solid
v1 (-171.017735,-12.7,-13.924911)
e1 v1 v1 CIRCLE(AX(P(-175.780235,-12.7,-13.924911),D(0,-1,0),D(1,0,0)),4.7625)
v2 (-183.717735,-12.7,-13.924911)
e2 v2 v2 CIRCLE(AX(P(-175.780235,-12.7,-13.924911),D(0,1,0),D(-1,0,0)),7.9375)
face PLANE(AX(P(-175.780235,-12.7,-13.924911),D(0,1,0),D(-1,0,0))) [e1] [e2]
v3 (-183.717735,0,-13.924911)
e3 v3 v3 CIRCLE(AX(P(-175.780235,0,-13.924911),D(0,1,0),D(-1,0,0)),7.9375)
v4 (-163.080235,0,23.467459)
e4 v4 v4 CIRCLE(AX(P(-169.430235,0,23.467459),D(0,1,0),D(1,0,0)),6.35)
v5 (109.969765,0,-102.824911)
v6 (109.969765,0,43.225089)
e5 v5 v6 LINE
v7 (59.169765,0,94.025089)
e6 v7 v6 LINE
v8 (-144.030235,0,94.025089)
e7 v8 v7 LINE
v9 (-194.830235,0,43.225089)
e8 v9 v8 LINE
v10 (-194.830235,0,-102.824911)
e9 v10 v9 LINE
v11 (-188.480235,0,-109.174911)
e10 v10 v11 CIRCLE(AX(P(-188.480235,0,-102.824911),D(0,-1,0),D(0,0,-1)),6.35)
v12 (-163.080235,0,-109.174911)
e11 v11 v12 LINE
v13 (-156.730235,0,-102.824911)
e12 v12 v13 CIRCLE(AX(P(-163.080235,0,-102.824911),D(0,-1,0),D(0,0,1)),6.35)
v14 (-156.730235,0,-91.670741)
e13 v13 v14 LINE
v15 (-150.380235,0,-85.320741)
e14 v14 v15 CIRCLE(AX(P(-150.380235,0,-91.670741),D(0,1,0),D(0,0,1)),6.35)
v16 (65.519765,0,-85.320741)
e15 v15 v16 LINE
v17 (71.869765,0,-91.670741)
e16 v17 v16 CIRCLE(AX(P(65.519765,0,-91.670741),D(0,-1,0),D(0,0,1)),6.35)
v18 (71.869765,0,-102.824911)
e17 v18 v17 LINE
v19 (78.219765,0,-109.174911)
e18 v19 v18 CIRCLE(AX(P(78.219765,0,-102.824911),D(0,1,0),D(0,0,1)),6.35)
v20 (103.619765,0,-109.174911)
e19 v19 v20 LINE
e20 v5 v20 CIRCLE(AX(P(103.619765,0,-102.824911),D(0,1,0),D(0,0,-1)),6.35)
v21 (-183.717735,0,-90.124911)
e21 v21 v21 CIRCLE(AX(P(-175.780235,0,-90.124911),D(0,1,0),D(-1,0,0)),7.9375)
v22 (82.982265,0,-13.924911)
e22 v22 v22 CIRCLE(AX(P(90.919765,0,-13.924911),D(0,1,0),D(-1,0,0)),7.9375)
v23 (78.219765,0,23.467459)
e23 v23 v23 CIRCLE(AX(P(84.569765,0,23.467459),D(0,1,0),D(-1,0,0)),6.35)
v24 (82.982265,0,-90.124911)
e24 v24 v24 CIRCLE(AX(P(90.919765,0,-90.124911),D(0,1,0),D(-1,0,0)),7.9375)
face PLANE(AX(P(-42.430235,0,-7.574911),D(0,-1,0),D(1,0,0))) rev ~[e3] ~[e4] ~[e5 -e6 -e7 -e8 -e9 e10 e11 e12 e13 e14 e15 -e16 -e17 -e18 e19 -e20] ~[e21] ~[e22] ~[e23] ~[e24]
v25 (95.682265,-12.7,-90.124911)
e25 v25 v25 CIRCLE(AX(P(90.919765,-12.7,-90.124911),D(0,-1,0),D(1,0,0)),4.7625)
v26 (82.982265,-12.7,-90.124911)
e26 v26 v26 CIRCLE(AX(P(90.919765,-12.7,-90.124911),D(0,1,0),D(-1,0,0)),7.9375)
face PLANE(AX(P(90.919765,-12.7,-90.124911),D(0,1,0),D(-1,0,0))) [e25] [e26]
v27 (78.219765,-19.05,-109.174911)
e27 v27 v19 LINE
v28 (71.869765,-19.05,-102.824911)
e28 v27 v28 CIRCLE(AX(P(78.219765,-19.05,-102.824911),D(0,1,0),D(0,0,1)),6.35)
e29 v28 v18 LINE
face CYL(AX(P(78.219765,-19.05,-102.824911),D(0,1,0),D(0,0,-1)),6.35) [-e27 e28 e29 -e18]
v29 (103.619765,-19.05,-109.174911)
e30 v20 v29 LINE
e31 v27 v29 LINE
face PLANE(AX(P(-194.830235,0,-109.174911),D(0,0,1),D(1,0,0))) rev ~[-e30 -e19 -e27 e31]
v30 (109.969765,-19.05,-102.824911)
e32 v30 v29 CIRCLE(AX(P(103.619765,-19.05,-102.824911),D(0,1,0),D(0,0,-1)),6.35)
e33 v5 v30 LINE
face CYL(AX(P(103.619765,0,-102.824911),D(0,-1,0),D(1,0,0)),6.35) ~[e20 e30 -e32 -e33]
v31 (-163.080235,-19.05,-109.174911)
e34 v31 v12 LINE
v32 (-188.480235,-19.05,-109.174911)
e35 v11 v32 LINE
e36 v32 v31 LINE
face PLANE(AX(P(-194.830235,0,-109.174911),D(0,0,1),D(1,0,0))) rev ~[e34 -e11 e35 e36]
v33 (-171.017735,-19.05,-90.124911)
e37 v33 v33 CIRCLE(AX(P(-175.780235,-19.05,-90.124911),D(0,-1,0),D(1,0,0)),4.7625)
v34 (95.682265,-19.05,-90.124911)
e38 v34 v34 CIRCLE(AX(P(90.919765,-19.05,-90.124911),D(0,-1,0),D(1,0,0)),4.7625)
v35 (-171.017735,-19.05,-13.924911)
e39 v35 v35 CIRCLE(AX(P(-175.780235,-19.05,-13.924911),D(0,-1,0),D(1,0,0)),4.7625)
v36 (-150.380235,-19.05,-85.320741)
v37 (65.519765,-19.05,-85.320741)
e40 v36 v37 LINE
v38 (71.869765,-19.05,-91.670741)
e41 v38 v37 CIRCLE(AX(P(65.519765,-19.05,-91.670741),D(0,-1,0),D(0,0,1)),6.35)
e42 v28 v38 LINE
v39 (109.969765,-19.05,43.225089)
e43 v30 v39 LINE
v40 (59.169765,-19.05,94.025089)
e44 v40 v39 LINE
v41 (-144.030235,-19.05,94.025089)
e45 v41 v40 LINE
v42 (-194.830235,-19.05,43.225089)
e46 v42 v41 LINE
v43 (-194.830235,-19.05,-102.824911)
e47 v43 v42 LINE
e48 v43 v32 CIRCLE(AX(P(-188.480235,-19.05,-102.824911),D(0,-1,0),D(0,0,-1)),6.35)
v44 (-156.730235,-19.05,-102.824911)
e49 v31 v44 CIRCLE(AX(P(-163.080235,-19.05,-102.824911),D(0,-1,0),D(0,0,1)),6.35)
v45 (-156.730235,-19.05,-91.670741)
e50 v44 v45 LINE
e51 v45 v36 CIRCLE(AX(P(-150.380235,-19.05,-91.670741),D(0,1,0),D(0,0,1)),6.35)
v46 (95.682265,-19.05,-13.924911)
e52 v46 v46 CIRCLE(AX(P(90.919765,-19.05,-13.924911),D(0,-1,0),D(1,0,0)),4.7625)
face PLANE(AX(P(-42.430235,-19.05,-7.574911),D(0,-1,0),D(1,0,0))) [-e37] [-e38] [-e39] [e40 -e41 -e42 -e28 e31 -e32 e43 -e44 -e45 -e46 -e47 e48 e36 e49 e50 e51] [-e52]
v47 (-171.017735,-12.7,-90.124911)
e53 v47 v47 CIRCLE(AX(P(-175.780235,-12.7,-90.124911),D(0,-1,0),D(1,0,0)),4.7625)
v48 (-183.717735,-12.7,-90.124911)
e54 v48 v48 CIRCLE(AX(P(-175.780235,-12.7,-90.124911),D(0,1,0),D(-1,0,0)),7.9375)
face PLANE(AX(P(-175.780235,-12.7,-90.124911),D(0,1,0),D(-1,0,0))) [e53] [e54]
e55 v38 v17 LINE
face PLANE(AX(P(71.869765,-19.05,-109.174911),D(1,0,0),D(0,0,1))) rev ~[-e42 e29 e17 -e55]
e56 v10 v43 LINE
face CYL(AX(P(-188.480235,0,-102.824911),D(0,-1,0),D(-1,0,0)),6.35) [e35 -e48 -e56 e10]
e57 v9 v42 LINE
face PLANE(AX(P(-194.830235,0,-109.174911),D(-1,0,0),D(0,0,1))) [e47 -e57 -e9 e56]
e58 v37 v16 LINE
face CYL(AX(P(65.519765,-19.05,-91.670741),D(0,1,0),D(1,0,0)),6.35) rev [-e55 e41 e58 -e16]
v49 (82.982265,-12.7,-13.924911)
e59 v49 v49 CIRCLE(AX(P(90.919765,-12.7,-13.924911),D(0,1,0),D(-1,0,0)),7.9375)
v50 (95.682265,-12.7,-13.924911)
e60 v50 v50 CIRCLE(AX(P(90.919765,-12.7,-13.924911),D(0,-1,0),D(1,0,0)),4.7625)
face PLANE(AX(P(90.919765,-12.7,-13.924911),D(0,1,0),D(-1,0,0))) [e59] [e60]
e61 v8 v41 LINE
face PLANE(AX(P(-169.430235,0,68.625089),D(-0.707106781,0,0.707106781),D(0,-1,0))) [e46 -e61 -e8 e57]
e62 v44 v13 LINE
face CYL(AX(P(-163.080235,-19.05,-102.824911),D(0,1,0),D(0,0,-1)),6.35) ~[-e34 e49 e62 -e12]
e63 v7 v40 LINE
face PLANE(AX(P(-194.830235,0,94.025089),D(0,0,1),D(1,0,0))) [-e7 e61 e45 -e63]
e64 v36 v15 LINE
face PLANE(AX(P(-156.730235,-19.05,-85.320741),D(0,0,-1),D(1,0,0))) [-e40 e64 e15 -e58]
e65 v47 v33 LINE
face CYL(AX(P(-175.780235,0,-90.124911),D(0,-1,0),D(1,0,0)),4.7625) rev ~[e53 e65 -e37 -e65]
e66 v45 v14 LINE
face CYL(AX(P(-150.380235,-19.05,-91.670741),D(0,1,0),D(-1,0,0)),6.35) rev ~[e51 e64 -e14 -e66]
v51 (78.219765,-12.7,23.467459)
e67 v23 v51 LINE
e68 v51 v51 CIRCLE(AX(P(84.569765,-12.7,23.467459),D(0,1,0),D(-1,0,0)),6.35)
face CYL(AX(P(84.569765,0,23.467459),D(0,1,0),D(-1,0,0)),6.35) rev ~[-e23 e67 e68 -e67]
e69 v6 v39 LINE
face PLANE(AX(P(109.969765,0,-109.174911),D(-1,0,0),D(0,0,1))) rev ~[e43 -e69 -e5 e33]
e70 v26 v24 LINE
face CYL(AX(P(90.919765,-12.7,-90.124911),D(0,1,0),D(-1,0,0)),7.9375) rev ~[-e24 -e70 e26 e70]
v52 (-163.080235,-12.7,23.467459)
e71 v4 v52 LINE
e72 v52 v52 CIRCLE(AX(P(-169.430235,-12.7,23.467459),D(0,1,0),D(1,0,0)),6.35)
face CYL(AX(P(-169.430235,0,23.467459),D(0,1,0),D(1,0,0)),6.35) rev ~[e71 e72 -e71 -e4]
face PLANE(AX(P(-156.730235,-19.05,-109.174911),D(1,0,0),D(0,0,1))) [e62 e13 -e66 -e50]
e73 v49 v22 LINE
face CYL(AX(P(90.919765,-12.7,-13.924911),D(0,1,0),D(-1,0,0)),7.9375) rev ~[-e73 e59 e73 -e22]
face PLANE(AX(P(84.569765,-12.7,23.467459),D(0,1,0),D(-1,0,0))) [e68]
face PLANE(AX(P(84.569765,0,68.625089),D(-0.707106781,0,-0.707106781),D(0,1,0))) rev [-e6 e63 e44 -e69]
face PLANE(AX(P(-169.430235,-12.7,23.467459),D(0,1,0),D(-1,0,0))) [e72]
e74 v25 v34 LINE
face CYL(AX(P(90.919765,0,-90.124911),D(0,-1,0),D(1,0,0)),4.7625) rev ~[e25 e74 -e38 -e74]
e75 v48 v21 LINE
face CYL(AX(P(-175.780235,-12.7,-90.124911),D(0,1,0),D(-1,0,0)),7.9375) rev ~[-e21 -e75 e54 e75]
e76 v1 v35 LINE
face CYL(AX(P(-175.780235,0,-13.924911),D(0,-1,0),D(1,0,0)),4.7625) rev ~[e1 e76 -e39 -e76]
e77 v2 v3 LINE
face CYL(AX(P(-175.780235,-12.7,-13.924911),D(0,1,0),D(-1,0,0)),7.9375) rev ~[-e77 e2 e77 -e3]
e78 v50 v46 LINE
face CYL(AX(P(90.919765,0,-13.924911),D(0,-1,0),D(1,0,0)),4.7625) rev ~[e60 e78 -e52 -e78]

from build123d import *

# Parameters (mm, degrees)
F0_W           = 304.8
F0_H           = 203.2
F1_DEPTH       = 19.05
F2_W           = 228.6
F2_H           = 23.8541702911
F3_DEPTH       = 19.051
F4_R           = 6.35
F5_R           = 6.35
F6_DEPTH       = 12.7
F8_D           = 9.525
F8_CBORE_D     = 15.875
F8_CBORE_DEPTH = 12.7
F9_SIZE        = 50.8


with BuildPart() as f1:
    # F0 (on Front) → F1 (new body)
    with BuildSketch(Plane.XZ):
        with Locations((-42.4302353088, -7.5749112293)):
            Rectangle(F0_W, F0_H)
    extrude(amount=F1_DEPTH)

    # F2 (on face) → F3 (cut, through all)
    with BuildSketch(Plane.XZ.offset(19.05)):
        with Locations((-42.4302353088, -97.2478260837)):
            Rectangle(F2_W, F2_H)
    extrude(amount=-F3_DEPTH, mode=Mode.SUBTRACT)

    # F4
    f4_edges = [f1.edges().sort_by_distance(p)[0] for p in [
        (-156.730235, -9.525, -85.320741),
        (-156.730235, -9.525, -109.174911),
        (-194.830235, -9.525, -109.174911),
        (71.869765, -9.525, -85.320741),
        (71.869765, -9.525, -109.174911),
        (109.969765, -9.525, -109.174911),
    ]]
    fillet(f4_edges, radius=F4_R)

    # F5 (on face) → F6 (cut)
    with BuildSketch(Plane(origin=(0, 0, 0), x_dir=(-1, 0, 0), z_dir=(0, 1, 0))):
        with Locations((-84.5697646912, 23.4674590618)):
            Circle(F5_R)
        with BuildLine():
            ThreePointArc((175.7802353088, 23.4674590618), (169.4302353088, 29.8174590618), (163.0802353088, 23.4674590618))
            ThreePointArc((163.0802353088, 23.4674590618), (169.4302353088, 17.1174590618), (175.7802353088, 23.4674590618))
        make_face()
    extrude(amount=-F6_DEPTH, mode=Mode.SUBTRACT)

    # F8 (through all)
    with Locations(Plane(origin=(0, 0, 0), x_dir=(-1, 0, 0), z_dir=(0, 1, 0))):
        with Locations((-90.9197646912, -13.9249112293), (-90.9197646912, -90.1249112293), (175.7802353088, -90.1249112293), (175.7802353088, -13.9249112293)):
            CounterBoreHole(F8_D / 2, F8_CBORE_D / 2, F8_CBORE_DEPTH)

    # F9
    f9_edges = [f1.edges().sort_by_distance(p)[0] for p in [
        (109.969765, -9.525, 94.025089),
        (-194.830235, -9.525, 94.025089),
    ]]
    chamfer(f9_edges, length=F9_SIZE)


solid = f1.part
